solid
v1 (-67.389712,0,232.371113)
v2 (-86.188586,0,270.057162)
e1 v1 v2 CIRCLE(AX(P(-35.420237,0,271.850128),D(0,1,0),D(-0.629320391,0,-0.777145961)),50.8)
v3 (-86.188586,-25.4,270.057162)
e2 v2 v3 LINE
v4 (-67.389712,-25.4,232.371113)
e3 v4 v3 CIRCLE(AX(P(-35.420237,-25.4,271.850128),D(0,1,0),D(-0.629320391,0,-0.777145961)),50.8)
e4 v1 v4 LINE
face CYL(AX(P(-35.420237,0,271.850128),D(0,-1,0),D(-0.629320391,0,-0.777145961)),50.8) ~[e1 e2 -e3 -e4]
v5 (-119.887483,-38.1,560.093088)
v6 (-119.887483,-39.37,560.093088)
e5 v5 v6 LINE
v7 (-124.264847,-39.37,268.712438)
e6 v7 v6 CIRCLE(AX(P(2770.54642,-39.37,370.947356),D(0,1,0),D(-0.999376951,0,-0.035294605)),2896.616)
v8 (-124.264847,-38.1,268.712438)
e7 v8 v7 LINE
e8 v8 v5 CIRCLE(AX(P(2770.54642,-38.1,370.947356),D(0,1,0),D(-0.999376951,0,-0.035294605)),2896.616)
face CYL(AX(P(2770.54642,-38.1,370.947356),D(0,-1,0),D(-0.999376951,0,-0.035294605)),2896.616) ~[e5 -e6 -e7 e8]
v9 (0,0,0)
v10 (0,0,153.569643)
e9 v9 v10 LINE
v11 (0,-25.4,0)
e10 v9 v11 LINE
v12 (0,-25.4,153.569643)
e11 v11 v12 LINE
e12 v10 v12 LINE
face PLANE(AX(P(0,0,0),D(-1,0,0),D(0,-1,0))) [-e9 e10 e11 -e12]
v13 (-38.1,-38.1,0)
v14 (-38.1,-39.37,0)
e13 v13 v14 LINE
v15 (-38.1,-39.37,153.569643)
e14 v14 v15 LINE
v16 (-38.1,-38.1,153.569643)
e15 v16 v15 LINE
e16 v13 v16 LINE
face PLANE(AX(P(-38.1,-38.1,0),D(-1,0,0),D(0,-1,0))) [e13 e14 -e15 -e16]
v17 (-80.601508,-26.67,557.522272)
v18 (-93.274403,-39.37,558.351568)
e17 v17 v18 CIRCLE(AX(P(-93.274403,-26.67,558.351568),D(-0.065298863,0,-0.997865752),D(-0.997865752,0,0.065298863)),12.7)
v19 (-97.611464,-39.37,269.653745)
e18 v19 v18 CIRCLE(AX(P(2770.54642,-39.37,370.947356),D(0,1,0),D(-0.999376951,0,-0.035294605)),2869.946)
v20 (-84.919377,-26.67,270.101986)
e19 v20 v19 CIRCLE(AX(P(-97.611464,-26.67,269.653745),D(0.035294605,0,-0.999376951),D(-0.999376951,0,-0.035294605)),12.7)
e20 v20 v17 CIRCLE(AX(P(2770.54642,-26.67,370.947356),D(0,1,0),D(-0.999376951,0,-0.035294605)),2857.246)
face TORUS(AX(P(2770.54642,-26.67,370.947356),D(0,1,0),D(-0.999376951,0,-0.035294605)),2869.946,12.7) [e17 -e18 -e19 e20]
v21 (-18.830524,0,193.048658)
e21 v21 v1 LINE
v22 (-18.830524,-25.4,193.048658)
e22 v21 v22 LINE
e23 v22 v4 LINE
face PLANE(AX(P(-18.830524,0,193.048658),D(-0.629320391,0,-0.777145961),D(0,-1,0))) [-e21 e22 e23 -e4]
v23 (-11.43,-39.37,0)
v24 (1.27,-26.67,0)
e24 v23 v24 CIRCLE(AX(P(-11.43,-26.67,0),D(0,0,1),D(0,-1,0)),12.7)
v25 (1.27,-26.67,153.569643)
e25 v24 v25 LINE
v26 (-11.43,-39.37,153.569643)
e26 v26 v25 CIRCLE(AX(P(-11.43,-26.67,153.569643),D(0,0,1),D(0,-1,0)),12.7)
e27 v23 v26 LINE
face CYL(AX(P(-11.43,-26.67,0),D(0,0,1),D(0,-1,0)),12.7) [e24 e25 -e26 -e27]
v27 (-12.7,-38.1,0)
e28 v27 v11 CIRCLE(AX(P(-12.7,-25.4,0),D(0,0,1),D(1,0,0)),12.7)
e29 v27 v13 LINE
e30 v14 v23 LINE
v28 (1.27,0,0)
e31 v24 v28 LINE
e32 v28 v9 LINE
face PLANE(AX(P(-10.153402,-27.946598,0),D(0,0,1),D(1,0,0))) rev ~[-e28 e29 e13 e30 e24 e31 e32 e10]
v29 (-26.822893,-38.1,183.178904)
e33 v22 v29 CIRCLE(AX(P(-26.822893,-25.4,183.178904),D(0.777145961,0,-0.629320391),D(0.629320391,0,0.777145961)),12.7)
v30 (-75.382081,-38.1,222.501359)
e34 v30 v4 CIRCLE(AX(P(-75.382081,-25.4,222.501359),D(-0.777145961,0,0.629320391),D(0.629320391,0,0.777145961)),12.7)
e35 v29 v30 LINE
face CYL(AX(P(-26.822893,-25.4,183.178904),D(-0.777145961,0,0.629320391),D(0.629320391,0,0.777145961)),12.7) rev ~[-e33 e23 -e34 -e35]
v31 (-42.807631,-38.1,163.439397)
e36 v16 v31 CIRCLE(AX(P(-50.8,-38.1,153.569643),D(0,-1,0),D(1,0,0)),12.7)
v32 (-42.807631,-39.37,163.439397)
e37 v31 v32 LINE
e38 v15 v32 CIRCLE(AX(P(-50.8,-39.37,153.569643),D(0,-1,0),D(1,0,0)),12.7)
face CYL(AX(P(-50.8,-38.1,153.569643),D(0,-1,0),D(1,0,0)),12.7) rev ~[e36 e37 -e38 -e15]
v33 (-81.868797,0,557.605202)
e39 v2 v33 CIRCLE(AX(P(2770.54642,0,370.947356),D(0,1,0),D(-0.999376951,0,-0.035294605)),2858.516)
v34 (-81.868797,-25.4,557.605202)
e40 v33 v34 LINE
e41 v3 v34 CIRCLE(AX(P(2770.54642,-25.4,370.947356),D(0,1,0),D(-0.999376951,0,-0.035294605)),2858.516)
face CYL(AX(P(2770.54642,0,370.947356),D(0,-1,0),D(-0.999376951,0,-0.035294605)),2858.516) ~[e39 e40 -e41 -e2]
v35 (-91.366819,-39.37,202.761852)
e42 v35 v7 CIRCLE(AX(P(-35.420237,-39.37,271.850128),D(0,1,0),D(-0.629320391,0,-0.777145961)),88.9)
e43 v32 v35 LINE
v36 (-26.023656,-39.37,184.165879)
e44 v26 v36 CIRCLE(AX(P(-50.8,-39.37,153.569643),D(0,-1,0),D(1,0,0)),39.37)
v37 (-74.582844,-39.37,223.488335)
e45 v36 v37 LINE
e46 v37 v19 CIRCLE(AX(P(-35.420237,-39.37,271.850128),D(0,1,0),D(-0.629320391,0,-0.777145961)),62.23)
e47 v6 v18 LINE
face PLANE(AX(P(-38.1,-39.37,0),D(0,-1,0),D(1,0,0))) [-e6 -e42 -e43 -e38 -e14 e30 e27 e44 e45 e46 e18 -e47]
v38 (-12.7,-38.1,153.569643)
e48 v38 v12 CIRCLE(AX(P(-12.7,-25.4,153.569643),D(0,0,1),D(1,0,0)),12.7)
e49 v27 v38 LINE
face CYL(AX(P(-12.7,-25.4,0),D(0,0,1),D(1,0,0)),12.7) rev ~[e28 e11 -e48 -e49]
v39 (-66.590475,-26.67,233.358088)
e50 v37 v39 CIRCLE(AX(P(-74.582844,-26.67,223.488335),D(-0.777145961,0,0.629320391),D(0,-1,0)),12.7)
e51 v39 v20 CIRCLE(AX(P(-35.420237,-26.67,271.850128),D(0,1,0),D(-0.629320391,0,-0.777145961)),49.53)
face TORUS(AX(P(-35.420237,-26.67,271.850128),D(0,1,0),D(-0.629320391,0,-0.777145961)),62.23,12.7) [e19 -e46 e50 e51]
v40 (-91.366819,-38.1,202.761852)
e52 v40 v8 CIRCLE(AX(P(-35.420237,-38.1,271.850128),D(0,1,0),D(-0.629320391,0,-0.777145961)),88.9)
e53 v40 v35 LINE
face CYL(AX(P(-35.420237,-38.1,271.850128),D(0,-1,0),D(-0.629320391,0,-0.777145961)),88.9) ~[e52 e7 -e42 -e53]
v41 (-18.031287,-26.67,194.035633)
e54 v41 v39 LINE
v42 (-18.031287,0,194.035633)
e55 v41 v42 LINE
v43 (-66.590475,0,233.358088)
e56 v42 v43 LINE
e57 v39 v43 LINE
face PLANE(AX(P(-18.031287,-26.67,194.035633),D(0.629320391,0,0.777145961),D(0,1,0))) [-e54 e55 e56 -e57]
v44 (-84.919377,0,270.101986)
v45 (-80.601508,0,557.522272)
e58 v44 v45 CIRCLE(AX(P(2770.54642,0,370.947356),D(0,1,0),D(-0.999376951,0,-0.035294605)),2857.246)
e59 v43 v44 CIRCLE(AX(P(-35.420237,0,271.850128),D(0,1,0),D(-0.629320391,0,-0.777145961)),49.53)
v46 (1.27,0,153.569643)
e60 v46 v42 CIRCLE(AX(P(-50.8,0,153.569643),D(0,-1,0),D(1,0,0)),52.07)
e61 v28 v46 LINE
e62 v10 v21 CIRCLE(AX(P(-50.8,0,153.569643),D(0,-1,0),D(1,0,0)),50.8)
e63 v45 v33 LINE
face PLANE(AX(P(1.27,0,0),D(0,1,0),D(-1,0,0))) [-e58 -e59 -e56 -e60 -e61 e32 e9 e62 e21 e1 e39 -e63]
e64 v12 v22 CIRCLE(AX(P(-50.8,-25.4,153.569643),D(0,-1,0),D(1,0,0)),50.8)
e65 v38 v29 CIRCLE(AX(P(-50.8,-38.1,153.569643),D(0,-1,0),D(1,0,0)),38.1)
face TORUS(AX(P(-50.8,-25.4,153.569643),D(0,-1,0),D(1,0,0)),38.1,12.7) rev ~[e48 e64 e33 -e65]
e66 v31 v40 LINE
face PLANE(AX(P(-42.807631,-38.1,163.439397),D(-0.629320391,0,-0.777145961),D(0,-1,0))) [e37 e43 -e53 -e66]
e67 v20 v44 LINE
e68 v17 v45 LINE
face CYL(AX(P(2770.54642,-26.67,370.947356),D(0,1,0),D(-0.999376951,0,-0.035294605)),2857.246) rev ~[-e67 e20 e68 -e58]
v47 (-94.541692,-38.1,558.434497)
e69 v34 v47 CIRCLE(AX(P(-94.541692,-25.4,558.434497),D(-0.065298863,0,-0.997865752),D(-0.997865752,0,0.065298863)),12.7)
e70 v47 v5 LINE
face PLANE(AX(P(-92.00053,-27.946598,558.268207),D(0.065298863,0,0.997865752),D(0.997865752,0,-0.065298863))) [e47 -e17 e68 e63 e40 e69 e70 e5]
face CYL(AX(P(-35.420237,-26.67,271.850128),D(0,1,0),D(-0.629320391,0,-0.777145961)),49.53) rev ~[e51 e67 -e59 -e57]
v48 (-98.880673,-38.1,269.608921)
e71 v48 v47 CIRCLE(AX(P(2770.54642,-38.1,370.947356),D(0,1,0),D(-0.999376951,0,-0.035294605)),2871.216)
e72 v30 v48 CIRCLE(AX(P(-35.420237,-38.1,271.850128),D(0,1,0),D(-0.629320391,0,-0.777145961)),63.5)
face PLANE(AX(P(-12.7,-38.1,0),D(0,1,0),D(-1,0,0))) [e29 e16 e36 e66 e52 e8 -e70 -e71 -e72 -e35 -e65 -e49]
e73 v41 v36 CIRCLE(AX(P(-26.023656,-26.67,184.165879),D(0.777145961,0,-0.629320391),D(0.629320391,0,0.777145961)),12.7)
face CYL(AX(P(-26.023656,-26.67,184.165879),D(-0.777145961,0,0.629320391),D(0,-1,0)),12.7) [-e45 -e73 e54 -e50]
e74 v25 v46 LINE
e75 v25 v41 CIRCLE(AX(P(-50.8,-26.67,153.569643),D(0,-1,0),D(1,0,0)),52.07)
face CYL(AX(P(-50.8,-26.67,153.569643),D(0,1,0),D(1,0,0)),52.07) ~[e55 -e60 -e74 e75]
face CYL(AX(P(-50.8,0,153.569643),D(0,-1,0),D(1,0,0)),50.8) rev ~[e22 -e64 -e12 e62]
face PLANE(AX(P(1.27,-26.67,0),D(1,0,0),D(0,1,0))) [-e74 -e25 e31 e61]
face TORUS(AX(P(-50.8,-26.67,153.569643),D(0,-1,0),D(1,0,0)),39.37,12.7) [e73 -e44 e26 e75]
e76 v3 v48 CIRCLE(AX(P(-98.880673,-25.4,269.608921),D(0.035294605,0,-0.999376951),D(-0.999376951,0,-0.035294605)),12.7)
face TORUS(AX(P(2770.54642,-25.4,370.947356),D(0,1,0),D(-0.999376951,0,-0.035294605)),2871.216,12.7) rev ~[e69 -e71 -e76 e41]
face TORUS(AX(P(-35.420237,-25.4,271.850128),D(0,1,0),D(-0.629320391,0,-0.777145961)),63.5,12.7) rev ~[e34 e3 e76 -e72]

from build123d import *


with BuildPart() as f2:
    # F2: sweep along a path in F0
    with BuildLine(Plane.XZ) as f2_path:
        Line((0, 0), (0, 153.5696429389))
        ThreePointArc((0, 153.5696429389), (-4.948667555, 175.4396066568), (-18.8305241347, 193.0486577809))
        Line((-18.8305241347, 193.0486577809), (-67.3897123903, 232.3711130953))
        ThreePointArc((-67.3897123903, 232.3711130953), (-80.878420513, 249.174292594), (-86.1885856524, 270.0571619915))
        ThreePointArc((-86.1885856524, 270.0571619915), (-87.6470717081, 413.8855401228), (-81.868797376, 557.6052015585))
    # F1 (on Top) → F2 (sweep)
    with BuildSketch(Plane.XY):
        with BuildLine():
            Line((1.27, 0), (0, 0))
            Line((0, 0), (0, -25.4))
            ThreePointArc((0, -25.4), (-3.7197438789, -34.3802561211), (-12.7, -38.1))
            Line((-12.7, -38.1), (-38.1, -38.1))
            Line((-38.1, -38.1), (-38.1, -39.37))
            Line((-38.1, -39.37), (-11.43, -39.37))
            ThreePointArc((-11.43, -39.37), (-2.4497438789, -35.6502561211), (1.27, -26.67))
            Line((1.27, -26.67), (1.27, 0))
        make_face()
    sweep(path=f2_path.line)


solid = f2.part
